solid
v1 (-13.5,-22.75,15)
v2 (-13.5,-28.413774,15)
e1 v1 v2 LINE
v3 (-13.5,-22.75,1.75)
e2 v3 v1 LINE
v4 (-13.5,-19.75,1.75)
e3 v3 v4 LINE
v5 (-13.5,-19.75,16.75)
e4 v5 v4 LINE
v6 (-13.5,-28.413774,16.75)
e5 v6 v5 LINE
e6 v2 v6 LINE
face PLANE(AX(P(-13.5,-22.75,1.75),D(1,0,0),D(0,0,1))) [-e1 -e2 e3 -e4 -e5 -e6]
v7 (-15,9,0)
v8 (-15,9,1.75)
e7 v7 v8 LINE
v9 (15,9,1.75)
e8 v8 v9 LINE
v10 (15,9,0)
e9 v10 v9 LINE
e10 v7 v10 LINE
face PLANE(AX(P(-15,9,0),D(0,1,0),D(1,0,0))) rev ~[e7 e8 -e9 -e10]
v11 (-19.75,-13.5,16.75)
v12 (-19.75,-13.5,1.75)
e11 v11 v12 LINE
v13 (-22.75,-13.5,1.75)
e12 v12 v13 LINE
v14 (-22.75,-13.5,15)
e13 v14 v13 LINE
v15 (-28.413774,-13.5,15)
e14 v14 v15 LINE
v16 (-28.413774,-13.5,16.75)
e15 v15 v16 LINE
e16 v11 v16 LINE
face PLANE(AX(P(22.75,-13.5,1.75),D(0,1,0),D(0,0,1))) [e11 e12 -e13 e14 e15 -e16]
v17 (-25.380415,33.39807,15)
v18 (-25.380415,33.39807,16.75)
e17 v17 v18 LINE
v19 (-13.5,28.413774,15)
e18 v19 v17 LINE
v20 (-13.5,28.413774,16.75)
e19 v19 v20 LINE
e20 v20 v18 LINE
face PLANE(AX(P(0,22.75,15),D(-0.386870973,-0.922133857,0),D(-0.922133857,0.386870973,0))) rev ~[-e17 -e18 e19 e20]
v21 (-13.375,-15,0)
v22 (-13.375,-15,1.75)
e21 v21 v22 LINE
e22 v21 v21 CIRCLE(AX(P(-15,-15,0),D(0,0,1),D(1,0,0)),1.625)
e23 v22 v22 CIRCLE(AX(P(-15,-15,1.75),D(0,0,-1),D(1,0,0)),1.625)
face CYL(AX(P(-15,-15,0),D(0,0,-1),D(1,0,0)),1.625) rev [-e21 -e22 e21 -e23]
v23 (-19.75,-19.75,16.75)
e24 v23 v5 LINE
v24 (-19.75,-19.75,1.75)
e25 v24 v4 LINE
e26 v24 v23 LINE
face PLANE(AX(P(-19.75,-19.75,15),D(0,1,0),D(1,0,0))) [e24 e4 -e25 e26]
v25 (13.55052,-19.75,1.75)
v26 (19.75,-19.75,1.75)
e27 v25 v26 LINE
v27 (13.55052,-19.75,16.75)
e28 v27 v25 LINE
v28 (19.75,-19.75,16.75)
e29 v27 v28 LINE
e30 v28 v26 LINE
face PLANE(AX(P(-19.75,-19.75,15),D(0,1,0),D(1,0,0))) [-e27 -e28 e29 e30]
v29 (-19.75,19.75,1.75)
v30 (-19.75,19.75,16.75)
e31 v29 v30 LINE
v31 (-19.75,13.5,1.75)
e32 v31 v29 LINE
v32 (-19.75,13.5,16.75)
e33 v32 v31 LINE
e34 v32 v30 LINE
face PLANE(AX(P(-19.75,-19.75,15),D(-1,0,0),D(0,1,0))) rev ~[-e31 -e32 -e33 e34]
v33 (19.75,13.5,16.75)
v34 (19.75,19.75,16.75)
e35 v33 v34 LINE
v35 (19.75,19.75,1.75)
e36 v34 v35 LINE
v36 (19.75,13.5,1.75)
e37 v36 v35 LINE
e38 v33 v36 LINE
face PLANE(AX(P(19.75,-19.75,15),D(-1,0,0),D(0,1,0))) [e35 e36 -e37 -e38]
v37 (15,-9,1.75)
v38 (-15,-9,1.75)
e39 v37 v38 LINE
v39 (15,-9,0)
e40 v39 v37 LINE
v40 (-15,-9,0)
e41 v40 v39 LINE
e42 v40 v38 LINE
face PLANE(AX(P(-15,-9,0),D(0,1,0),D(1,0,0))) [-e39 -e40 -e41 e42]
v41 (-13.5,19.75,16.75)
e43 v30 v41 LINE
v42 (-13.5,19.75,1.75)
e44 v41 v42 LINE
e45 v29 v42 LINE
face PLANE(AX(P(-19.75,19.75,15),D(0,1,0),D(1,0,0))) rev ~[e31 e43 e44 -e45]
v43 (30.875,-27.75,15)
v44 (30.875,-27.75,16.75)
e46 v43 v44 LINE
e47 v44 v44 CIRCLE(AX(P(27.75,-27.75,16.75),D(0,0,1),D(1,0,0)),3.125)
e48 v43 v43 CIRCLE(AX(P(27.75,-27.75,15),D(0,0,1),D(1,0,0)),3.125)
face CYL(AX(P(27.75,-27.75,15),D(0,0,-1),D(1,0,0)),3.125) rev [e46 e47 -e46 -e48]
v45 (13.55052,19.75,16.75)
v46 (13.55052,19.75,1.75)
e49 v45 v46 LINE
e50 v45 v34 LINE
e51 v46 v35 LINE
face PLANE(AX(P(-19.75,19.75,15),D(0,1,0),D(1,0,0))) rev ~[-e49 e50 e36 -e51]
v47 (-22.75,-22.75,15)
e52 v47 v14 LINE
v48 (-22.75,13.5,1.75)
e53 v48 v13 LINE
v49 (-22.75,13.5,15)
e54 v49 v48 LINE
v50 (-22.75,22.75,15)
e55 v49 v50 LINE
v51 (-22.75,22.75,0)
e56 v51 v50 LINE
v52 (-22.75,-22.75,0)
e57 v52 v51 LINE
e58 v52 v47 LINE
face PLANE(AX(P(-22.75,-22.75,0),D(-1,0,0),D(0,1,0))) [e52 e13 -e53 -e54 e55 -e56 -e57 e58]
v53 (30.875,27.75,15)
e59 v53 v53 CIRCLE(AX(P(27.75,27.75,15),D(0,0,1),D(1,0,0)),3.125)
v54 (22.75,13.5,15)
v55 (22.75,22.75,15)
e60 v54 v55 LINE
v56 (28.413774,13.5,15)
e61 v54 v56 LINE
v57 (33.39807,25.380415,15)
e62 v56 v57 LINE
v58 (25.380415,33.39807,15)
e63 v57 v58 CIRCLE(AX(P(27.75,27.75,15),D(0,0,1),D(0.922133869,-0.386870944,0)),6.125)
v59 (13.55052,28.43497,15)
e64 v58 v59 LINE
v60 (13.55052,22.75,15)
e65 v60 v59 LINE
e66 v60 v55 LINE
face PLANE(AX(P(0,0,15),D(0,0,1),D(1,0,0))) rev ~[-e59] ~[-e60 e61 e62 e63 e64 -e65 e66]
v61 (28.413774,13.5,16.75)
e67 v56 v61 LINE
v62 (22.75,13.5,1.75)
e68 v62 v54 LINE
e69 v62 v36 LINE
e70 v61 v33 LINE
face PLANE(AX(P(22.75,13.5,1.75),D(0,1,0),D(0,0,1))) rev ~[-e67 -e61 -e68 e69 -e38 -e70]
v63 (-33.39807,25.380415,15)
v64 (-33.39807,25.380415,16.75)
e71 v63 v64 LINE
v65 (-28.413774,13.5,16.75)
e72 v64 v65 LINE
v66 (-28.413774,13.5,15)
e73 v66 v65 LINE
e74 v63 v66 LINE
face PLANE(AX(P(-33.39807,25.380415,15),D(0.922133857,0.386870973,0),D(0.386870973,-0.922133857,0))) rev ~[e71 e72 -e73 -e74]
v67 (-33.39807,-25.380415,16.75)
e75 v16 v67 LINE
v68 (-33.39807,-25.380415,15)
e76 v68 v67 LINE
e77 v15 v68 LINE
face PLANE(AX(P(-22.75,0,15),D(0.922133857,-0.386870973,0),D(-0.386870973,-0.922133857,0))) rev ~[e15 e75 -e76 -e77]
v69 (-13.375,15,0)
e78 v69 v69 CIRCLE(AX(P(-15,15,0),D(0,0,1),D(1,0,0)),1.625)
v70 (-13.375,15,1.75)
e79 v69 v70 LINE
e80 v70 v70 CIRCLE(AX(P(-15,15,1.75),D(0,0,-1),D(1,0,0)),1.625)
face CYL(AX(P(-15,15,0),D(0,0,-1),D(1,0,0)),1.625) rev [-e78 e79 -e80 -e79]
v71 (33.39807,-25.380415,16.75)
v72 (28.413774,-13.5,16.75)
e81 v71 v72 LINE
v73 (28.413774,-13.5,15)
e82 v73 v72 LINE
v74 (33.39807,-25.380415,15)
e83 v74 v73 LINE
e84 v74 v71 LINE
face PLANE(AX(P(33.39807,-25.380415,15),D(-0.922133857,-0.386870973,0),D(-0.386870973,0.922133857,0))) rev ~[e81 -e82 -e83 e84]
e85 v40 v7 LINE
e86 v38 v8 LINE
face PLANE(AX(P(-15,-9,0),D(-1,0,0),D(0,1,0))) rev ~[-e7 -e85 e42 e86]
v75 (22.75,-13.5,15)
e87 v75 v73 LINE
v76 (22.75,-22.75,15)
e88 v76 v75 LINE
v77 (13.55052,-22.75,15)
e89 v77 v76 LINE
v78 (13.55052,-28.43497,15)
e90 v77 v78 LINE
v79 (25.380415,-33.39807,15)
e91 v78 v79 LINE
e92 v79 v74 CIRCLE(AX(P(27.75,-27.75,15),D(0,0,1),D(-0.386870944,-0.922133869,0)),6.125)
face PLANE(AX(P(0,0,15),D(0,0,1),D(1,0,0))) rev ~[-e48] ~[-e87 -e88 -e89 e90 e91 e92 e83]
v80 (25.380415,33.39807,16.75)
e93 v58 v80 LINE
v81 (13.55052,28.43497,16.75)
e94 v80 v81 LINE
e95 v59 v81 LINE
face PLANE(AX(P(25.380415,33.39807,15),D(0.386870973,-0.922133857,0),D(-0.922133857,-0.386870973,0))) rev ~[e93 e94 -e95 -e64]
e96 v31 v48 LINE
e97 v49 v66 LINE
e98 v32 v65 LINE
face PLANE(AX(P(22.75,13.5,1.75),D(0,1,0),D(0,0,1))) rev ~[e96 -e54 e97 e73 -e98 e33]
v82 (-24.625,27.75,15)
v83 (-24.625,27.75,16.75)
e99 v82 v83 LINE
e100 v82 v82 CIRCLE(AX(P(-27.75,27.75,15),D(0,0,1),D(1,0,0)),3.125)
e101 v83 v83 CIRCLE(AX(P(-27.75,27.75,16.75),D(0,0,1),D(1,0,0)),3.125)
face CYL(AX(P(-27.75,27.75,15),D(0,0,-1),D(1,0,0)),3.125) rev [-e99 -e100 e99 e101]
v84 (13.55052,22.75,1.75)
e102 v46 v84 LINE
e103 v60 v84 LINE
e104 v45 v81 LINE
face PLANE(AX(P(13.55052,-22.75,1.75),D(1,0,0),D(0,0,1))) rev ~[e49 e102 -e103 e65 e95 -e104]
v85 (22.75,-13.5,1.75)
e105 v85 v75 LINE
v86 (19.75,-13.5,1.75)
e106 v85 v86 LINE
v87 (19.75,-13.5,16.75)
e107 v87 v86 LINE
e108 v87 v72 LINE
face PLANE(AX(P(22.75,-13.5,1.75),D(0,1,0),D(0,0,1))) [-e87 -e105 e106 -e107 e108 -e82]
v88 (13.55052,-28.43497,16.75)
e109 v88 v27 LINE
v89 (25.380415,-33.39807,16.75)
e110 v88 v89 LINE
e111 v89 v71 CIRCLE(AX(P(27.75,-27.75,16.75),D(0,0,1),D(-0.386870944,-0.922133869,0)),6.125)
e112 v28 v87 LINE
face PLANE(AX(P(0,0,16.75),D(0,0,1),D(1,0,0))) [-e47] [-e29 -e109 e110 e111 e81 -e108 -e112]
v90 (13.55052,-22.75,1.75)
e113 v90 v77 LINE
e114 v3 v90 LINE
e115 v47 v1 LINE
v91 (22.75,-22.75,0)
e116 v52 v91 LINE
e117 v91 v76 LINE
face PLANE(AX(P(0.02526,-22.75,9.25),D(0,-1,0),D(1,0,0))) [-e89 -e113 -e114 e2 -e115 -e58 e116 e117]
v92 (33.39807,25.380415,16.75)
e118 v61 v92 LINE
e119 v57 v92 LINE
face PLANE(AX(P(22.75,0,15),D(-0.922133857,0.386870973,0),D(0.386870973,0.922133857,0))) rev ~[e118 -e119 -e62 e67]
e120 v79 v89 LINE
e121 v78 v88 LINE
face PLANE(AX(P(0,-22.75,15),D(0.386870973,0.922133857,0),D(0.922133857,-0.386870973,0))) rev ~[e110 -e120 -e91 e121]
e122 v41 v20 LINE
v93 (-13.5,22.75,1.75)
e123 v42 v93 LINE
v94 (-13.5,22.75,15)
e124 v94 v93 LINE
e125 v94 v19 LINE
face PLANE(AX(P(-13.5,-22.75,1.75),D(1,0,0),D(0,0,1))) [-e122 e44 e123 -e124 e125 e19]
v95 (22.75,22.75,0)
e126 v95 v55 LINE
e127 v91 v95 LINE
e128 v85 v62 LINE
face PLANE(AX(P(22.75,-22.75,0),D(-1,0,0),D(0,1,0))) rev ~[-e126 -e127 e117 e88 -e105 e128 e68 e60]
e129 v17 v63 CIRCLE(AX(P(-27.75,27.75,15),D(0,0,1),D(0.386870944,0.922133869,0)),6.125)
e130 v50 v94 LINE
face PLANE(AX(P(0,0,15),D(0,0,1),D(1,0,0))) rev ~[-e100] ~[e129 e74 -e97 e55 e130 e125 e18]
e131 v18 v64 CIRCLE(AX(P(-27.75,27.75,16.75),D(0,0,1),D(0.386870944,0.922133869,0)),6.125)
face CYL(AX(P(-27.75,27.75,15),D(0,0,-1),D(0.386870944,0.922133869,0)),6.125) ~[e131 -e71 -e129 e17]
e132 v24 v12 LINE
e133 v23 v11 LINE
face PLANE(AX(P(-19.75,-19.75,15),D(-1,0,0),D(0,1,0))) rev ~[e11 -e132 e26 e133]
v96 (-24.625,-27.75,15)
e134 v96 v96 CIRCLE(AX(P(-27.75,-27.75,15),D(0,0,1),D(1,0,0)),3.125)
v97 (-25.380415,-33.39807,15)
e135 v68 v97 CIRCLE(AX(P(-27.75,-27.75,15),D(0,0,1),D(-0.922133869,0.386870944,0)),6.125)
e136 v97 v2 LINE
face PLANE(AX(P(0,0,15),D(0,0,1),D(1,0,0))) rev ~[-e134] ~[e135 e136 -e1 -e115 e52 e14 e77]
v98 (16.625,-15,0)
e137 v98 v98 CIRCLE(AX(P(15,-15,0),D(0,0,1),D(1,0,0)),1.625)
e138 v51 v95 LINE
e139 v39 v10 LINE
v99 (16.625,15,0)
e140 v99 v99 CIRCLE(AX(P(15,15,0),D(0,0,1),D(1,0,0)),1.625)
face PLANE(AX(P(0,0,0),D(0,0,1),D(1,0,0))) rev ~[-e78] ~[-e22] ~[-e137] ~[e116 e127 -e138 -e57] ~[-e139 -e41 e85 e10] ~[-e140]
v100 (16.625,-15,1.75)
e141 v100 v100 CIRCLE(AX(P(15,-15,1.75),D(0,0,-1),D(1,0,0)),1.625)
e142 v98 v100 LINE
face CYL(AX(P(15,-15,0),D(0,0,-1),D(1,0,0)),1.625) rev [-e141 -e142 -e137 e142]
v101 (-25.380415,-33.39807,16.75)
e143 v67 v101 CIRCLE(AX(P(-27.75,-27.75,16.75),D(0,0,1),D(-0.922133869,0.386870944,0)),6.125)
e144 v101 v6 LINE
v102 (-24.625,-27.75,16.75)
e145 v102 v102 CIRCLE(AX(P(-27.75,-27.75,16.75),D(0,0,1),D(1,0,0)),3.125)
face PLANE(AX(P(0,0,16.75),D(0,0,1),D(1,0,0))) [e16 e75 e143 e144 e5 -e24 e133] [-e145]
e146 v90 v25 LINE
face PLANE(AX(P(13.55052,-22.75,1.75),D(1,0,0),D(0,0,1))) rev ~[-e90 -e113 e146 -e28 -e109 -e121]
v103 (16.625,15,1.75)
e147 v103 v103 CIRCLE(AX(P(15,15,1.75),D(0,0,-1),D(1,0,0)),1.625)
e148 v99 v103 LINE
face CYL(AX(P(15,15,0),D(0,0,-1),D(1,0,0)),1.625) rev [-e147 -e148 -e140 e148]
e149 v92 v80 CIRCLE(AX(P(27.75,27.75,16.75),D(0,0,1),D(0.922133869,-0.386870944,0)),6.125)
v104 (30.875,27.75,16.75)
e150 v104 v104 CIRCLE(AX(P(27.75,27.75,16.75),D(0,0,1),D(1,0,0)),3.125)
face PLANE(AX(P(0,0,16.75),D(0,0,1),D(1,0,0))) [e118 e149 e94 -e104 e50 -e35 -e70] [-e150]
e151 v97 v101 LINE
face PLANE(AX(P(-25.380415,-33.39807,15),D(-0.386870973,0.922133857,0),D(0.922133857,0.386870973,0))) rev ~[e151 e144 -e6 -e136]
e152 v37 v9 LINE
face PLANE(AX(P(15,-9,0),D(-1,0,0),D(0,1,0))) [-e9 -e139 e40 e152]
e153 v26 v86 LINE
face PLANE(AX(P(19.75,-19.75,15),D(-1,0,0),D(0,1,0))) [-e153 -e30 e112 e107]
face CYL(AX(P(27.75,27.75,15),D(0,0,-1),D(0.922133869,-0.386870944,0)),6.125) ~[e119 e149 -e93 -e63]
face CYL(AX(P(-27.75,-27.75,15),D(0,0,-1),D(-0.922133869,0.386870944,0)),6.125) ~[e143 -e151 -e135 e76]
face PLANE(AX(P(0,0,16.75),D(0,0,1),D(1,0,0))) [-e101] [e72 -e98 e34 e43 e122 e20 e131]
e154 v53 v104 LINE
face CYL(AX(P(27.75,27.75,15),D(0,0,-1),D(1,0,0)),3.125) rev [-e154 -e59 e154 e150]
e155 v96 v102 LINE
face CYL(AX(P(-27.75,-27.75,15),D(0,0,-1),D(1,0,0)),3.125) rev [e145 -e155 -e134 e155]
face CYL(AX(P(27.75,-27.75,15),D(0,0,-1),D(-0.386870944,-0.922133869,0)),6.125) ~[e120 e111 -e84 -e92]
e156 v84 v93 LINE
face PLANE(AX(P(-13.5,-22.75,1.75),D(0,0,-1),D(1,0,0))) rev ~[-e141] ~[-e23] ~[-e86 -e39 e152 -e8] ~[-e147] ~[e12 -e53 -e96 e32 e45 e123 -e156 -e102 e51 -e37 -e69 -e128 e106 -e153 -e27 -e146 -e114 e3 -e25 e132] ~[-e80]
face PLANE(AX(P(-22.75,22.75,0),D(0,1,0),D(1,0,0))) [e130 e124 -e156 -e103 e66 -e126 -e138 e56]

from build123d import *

# Parameters (mm, degrees)
F0_W      = 39.5
F0_H      = 39.5
F0_R      = 1.625
F0_W_2    = 30
F0_H_2    = 18
F1_DEPTH  = 1.75
F2_W      = 45.5
F2_H      = 45.5
F2_W_2    = 39.5
F2_H_2    = 39.5
F3_DEPTH  = 15
F4_R      = 3.125
F4_W      = 39.5
F4_H      = 39.5
F5_DEPTH  = 1.75
F6_W      = 27.05052
F6_H      = 15
F7_DEPTH  = 25
F8_DEPTH  = 56.626
F9_W      = 27
F9_H      = 15
F10_DEPTH = 11.126
F11_DEPTH = 56.626


with BuildPart() as f1:
    # F0 (on Top) → F1 (new body)
    with BuildSketch(Plane.XY):
        Rectangle(F0_W, F0_H)
        with Locations((-15, -15)):
            Circle(F0_R, mode=Mode.SUBTRACT)
        with Locations((15, -15)):
            Circle(F0_R, mode=Mode.SUBTRACT)
        with Locations((-15, 15)):
            Circle(F0_R, mode=Mode.SUBTRACT)
        Rectangle(F0_W_2, F0_H_2, mode=Mode.SUBTRACT)
        with Locations((15, 15)):
            Circle(F0_R, mode=Mode.SUBTRACT)
    extrude(amount=F1_DEPTH)

    # F2 (on Top) → F3 (join)
    with BuildSketch(Plane.XY):
        Rectangle(F2_W, F2_H)
        Rectangle(F2_W_2, F2_H_2, mode=Mode.SUBTRACT)
    extrude(amount=F3_DEPTH)

    # F4 (on face) → F5 (join)
    with BuildSketch(Plane.XY.offset(15)):
        with BuildLine():
            Line((0, 22.75), (-25.380415, 33.39807))
            ThreePointArc((-25.380415, 33.39807), (-32.081029, 32.081029), (-33.39807, 25.380415))
            Line((-33.39807, 25.380415), (-22.75, 0))
            Line((-22.75, 0), (-33.39807, -25.380415))
            ThreePointArc((-33.39807, -25.380415), (-32.081029, -32.081029), (-25.380415, -33.39807))
            Line((-25.380415, -33.39807), (0, -22.75))
            Line((0, -22.75), (25.380415, -33.39807))
            ThreePointArc((25.380415, -33.39807), (32.081029, -32.081029), (33.39807, -25.380415))
            Line((33.39807, -25.380415), (22.75, 0))
            Line((22.75, 0), (33.39807, 25.380415))
            ThreePointArc((33.39807, 25.380415), (32.081029, 32.081029), (25.380415, 33.39807))
            Line((25.380415, 33.39807), (0, 22.75))
        make_face()
        with Locations((-27.75, -27.75)):
            Circle(F4_R, mode=Mode.SUBTRACT)
        with Locations((27.75, -27.75)):
            Circle(F4_R, mode=Mode.SUBTRACT)
        Rectangle(F4_W, F4_H, mode=Mode.SUBTRACT)
        with Locations((-27.75, 27.75)):
            Circle(F4_R, mode=Mode.SUBTRACT)
        with Locations((27.75, 27.75)):
            Circle(F4_R, mode=Mode.SUBTRACT)
    extrude(amount=F5_DEPTH)

    # F6 (on face) → F7 (cut)
    with BuildSketch(Plane.XZ.offset(22.75)):
        with Locations((0.02526, 9.25)):
            Rectangle(F6_W, F6_H)
    extrude(amount=F7_DEPTH, mode=Mode.SUBTRACT)

    # F6 (on face) → F8 (cut, through all)
    with BuildSketch(Plane.XZ.offset(22.75)):
        with Locations((0.02526, 9.25)):
            Rectangle(F6_W, F6_H)
    extrude(amount=-F8_DEPTH, mode=Mode.SUBTRACT)

    # F9 (on face) → F10 (cut, through all)
    with BuildSketch(Plane.YZ.offset(22.75)):
        with Locations((0, 9.25)):
            Rectangle(F9_W, F9_H)
    extrude(amount=F10_DEPTH, mode=Mode.SUBTRACT)

    # F9 (on face) → F11 (cut, through all)
    with BuildSketch(Plane.YZ.offset(22.75)):
        with Locations((0, 9.25)):
            Rectangle(F9_W, F9_H)
    extrude(amount=-F11_DEPTH, mode=Mode.SUBTRACT)


solid = f1.part
